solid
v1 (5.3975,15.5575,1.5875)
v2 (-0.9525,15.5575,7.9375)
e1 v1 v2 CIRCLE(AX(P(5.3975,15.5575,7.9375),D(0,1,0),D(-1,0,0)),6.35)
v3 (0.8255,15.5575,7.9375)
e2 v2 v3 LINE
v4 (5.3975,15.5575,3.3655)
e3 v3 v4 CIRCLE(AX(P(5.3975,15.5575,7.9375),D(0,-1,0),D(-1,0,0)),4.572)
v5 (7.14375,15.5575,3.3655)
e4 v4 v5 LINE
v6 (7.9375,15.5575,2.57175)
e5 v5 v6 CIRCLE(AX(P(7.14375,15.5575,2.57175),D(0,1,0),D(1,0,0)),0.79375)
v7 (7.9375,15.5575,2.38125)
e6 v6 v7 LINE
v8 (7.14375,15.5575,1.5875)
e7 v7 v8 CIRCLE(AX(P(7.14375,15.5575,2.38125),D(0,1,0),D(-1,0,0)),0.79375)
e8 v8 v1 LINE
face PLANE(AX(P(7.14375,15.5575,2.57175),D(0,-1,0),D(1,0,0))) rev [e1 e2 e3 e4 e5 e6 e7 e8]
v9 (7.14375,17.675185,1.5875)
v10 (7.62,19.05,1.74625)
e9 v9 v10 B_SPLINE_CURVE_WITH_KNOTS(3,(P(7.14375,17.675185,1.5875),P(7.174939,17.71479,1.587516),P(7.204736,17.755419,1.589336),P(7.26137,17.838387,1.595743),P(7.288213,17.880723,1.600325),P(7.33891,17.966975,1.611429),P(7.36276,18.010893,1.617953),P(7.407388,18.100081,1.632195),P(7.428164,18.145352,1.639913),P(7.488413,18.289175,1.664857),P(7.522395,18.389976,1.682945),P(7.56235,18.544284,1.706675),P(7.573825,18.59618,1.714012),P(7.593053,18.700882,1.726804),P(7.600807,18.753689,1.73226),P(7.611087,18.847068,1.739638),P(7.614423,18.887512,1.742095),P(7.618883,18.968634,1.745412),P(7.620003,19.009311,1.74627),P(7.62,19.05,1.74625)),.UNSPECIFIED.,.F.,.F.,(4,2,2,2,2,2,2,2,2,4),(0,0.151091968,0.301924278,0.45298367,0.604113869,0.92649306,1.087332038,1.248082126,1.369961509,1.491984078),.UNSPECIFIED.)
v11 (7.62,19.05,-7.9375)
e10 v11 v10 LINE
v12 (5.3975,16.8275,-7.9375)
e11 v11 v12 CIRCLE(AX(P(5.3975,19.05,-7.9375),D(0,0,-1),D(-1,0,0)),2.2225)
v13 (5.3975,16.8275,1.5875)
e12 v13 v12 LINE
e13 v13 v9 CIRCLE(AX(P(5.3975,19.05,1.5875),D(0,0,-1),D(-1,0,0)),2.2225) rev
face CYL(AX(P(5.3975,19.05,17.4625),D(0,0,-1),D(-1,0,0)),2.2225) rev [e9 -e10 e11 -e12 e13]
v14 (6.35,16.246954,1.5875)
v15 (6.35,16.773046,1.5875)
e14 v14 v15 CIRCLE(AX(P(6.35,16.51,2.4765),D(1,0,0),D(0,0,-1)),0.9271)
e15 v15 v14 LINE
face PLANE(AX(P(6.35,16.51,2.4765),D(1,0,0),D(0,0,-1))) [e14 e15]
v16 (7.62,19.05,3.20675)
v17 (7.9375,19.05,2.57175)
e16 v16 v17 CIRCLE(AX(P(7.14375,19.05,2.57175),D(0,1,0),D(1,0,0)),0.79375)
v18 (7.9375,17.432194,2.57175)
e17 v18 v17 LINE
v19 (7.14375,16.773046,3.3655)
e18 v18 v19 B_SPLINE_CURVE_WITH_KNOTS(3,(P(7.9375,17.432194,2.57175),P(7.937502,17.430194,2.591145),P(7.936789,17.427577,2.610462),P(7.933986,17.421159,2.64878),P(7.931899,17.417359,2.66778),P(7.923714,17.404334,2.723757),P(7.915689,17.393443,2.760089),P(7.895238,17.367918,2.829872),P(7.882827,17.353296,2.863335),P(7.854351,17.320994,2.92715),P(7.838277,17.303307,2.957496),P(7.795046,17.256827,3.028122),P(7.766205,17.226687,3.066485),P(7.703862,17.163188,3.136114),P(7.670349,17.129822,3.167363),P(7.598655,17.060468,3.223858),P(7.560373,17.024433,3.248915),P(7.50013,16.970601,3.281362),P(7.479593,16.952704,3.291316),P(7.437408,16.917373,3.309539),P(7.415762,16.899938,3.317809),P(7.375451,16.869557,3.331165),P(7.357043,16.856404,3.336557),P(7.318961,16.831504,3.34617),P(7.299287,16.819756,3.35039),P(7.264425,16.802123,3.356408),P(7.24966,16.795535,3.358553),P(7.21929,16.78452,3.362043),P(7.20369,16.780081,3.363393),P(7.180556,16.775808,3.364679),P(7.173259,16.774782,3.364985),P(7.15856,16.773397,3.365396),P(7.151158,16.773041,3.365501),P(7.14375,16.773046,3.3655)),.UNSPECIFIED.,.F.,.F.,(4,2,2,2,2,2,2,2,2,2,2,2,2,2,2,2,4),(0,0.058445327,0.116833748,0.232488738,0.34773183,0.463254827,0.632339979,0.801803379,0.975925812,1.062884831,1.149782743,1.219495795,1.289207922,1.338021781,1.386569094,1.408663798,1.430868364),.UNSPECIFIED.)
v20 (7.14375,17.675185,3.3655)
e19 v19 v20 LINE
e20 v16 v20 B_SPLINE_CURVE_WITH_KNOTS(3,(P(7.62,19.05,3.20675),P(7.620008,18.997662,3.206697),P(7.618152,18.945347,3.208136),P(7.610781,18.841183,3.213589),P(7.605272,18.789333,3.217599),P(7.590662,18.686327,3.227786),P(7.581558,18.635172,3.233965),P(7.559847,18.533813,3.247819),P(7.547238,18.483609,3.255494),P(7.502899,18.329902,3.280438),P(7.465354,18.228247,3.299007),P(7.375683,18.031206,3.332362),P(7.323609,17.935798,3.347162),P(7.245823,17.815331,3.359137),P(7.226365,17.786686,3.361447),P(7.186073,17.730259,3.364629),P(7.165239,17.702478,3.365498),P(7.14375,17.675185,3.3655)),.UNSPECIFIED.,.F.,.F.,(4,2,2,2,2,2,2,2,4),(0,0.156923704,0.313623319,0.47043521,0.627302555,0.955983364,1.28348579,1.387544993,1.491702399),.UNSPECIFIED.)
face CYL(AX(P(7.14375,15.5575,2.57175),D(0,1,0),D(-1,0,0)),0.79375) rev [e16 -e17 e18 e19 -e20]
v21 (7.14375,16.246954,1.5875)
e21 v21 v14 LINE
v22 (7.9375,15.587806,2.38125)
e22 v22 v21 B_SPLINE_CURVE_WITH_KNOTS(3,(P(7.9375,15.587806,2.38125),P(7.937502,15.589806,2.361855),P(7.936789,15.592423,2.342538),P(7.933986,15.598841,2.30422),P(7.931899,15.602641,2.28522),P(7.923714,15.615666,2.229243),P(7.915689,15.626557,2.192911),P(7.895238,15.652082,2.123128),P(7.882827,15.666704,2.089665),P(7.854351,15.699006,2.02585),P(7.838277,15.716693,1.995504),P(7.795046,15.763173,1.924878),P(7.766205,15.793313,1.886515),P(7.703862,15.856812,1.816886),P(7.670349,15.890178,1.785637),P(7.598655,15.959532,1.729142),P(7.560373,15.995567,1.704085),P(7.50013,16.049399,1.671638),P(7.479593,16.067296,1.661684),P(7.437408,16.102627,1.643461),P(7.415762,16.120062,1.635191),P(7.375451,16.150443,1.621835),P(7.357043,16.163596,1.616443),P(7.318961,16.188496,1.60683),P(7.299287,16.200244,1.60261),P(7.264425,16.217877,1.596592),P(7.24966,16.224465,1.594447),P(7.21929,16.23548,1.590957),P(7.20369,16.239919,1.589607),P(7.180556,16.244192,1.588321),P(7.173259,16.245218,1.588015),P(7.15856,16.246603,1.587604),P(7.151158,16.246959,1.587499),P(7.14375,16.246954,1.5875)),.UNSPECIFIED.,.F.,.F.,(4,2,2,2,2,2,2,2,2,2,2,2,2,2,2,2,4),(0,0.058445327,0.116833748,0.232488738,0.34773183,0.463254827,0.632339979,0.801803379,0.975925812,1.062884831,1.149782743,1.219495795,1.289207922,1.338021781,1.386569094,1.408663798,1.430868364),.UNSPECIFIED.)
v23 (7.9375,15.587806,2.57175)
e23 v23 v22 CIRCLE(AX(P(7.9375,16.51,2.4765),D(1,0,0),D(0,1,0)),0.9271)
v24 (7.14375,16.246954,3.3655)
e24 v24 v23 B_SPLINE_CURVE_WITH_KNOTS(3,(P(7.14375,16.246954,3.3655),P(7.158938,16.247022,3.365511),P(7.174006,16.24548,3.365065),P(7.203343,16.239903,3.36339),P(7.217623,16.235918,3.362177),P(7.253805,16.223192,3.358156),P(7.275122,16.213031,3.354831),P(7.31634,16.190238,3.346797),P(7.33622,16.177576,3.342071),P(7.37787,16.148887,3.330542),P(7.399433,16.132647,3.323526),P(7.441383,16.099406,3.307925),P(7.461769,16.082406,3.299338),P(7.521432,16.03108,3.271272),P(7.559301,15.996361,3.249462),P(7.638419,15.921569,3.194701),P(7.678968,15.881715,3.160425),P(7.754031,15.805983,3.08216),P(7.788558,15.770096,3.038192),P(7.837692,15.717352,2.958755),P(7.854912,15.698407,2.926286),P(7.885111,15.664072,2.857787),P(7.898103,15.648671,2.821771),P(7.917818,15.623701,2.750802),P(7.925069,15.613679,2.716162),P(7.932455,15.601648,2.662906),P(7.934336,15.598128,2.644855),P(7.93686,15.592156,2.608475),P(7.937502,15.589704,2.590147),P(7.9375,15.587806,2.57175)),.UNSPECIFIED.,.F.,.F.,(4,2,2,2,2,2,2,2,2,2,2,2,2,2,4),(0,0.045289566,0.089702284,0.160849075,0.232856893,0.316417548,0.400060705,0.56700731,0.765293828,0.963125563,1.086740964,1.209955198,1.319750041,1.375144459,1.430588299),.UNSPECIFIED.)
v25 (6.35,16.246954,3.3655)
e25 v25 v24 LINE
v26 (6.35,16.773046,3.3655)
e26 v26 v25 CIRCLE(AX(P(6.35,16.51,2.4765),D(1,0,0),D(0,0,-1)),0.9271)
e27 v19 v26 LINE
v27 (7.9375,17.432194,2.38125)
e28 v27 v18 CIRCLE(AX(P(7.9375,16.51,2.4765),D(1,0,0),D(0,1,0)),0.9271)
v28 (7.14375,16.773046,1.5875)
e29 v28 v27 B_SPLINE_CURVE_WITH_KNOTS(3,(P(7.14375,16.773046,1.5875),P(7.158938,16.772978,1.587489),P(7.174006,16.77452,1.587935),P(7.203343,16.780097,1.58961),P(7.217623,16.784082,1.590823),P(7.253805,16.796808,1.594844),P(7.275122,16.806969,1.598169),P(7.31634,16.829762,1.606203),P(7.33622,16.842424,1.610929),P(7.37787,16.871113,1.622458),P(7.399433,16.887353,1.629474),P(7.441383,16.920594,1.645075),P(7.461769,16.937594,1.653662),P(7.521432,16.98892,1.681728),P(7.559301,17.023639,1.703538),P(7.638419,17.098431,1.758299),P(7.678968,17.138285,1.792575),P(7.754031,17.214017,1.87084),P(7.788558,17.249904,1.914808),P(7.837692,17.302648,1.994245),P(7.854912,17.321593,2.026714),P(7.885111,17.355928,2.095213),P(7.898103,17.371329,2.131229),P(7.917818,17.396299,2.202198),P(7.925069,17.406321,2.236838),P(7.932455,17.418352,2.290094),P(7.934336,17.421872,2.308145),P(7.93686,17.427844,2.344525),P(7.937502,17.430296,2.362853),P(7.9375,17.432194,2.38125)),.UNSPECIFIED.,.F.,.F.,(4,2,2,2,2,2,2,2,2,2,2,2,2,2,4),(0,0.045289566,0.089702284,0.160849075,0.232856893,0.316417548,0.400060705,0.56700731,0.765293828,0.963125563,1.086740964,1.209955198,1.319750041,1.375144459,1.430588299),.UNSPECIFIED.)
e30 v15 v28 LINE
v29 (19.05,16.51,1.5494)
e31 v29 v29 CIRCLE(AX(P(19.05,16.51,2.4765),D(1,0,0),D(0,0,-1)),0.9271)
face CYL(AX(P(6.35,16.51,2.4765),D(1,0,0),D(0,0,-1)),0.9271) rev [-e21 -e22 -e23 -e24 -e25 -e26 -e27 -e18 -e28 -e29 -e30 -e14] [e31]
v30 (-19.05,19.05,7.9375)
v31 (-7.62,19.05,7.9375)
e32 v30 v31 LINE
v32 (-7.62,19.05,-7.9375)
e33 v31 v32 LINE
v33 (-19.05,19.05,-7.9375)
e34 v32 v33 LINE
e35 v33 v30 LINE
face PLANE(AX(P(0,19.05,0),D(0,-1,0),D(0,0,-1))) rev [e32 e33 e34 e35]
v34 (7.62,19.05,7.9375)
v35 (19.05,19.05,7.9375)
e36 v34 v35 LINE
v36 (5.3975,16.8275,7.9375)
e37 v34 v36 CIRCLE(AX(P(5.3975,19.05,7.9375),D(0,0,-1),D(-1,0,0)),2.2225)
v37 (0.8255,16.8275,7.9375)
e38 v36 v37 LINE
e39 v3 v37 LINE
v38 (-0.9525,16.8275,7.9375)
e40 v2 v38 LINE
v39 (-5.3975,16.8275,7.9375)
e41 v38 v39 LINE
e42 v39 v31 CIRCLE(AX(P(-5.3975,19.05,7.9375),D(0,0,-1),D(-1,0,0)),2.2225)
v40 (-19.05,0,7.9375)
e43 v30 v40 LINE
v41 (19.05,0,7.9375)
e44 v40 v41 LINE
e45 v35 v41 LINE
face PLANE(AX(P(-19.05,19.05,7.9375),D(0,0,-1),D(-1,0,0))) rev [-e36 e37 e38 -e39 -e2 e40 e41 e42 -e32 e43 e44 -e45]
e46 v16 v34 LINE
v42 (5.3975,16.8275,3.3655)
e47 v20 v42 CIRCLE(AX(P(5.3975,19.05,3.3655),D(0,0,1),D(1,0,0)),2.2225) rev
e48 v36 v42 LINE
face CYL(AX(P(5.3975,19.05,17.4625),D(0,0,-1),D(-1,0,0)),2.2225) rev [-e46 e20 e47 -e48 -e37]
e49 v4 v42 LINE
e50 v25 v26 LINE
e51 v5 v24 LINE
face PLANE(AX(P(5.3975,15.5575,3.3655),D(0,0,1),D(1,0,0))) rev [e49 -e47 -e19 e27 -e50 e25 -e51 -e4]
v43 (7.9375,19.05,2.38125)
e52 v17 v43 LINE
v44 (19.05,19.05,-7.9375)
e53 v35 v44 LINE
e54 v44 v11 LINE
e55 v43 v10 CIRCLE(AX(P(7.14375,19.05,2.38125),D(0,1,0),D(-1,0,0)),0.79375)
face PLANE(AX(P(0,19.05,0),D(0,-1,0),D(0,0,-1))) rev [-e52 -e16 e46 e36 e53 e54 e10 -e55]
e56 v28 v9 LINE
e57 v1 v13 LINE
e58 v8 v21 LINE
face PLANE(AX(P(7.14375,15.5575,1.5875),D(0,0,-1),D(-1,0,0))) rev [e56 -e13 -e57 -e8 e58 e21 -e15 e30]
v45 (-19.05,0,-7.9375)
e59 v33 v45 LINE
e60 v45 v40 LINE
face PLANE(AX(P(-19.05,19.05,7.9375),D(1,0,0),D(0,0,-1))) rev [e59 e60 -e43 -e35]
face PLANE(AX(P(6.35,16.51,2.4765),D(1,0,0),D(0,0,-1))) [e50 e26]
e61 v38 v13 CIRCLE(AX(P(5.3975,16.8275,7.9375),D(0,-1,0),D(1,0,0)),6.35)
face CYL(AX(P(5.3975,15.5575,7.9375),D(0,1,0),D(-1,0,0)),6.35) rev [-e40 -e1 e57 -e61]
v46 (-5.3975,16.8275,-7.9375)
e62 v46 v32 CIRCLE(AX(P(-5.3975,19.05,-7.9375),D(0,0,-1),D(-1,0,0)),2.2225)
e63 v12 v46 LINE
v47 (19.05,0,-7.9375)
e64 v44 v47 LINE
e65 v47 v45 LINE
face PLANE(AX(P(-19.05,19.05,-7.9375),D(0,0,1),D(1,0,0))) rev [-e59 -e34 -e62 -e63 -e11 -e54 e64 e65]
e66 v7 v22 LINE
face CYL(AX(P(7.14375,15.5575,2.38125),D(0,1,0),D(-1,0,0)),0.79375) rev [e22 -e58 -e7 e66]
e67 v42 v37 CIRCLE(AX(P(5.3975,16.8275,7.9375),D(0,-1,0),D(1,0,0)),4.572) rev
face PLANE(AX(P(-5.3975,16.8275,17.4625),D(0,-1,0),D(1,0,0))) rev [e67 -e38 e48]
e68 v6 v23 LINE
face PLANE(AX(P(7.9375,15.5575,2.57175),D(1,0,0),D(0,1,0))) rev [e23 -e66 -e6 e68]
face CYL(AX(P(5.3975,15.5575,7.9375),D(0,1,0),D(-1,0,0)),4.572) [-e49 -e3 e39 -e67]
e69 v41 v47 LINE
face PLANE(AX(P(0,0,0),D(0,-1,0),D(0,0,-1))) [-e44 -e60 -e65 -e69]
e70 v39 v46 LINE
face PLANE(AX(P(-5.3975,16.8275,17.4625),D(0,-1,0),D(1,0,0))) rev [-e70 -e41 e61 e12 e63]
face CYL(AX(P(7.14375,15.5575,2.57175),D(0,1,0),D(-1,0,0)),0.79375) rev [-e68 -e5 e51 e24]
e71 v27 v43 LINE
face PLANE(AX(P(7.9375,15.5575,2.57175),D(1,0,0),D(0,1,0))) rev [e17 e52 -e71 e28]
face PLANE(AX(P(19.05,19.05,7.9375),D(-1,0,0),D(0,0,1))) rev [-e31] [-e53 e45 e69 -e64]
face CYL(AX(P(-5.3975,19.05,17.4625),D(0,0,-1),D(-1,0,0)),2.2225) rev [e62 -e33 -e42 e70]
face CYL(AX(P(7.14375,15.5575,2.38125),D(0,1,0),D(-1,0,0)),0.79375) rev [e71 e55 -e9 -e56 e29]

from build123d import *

# Parameters (mm, degrees)
SKETCH1_W               = 38.1
SKETCH1_H               = 15.875
BOSS_EXTRUDE1_DEPTH     = 19.05
CUT_EXTRUDE1_DEPTH      = 25.4
CUT_EXTRUDE2_DEPTH      = 27.62839016
CUT_EXTRUDE2_DEPTH_BACK = 1.27
SKETCH5_R               = 0.9271
CUT_EXTRUDE3_DEPTH      = 12.7


with BuildPart() as part:
    # Sketch1 → Boss-Extrude1 (new body)
    with BuildSketch(Plane(origin=(0, 0, 0), x_dir=(1, 0, 0), z_dir=(0, 1, 0))):
        Rectangle(SKETCH1_W, SKETCH1_H)
    extrude(amount=BOSS_EXTRUDE1_DEPTH)

    # Sketch2 → Cut-Extrude1 (cut)
    with BuildSketch(Plane(origin=(0, 0, -7.9375), x_dir=(-1, 0, 0), z_dir=(0, 0, -1))):
        with BuildLine():
            Line((5.3975, 16.8275), (-5.3975, 16.8275))
            ThreePointArc((-5.3975, 16.8275), (-7.62, 19.05), (-5.3975, 21.2725))
            Line((-5.3975, 21.2725), (5.3975, 21.2725))
            ThreePointArc((5.3975, 21.2725), (7.62, 19.05), (5.3975, 16.8275))
        make_face()
    extrude(amount=-CUT_EXTRUDE1_DEPTH, mode=Mode.SUBTRACT)

    # Sketch4 → Cut-Extrude2 (cut, two sides: drawn at the far end of the back side and taken through both)
    with BuildSketch(Plane(origin=(0, 16.8275, 0), x_dir=(1, 0, 0), z_dir=(0, 1, 0)).offset(-CUT_EXTRUDE2_DEPTH_BACK)):
        with BuildLine():
            Line((0.8255, -7.9375), (-0.9525, -7.9375))
            ThreePointArc((-0.9525, -7.9375), (0.907371939, -3.447371939), (5.3975, -1.5875))
            Line((5.3975, -1.5875), (7.14375, -1.5875))
            ThreePointArc((7.14375, -1.5875), (7.705016008, -1.819983992), (7.9375, -2.38125))
            Line((7.9375, -2.38125), (7.9375, -2.57175))
            ThreePointArc((7.9375, -2.57175), (7.705016008, -3.133016008), (7.14375, -3.3655))
            Line((7.14375, -3.3655), (5.3975, -3.3655))
            ThreePointArc((5.3975, -3.3655), (2.164607796, -4.704607796), (0.8255, -7.9375))
        make_face()
    extrude(amount=CUT_EXTRUDE2_DEPTH + CUT_EXTRUDE2_DEPTH_BACK, mode=Mode.SUBTRACT)

    # Sketch5 → Cut-Extrude3 (cut)
    with BuildSketch(Plane(origin=(19.05, 0, 0), x_dir=(0, 0, -1), z_dir=(1, 0, 0))):
        with Locations((-2.4765, 16.51)):
            Circle(SKETCH5_R)
    extrude(amount=-CUT_EXTRUDE3_DEPTH, mode=Mode.SUBTRACT)


solid = part.part
